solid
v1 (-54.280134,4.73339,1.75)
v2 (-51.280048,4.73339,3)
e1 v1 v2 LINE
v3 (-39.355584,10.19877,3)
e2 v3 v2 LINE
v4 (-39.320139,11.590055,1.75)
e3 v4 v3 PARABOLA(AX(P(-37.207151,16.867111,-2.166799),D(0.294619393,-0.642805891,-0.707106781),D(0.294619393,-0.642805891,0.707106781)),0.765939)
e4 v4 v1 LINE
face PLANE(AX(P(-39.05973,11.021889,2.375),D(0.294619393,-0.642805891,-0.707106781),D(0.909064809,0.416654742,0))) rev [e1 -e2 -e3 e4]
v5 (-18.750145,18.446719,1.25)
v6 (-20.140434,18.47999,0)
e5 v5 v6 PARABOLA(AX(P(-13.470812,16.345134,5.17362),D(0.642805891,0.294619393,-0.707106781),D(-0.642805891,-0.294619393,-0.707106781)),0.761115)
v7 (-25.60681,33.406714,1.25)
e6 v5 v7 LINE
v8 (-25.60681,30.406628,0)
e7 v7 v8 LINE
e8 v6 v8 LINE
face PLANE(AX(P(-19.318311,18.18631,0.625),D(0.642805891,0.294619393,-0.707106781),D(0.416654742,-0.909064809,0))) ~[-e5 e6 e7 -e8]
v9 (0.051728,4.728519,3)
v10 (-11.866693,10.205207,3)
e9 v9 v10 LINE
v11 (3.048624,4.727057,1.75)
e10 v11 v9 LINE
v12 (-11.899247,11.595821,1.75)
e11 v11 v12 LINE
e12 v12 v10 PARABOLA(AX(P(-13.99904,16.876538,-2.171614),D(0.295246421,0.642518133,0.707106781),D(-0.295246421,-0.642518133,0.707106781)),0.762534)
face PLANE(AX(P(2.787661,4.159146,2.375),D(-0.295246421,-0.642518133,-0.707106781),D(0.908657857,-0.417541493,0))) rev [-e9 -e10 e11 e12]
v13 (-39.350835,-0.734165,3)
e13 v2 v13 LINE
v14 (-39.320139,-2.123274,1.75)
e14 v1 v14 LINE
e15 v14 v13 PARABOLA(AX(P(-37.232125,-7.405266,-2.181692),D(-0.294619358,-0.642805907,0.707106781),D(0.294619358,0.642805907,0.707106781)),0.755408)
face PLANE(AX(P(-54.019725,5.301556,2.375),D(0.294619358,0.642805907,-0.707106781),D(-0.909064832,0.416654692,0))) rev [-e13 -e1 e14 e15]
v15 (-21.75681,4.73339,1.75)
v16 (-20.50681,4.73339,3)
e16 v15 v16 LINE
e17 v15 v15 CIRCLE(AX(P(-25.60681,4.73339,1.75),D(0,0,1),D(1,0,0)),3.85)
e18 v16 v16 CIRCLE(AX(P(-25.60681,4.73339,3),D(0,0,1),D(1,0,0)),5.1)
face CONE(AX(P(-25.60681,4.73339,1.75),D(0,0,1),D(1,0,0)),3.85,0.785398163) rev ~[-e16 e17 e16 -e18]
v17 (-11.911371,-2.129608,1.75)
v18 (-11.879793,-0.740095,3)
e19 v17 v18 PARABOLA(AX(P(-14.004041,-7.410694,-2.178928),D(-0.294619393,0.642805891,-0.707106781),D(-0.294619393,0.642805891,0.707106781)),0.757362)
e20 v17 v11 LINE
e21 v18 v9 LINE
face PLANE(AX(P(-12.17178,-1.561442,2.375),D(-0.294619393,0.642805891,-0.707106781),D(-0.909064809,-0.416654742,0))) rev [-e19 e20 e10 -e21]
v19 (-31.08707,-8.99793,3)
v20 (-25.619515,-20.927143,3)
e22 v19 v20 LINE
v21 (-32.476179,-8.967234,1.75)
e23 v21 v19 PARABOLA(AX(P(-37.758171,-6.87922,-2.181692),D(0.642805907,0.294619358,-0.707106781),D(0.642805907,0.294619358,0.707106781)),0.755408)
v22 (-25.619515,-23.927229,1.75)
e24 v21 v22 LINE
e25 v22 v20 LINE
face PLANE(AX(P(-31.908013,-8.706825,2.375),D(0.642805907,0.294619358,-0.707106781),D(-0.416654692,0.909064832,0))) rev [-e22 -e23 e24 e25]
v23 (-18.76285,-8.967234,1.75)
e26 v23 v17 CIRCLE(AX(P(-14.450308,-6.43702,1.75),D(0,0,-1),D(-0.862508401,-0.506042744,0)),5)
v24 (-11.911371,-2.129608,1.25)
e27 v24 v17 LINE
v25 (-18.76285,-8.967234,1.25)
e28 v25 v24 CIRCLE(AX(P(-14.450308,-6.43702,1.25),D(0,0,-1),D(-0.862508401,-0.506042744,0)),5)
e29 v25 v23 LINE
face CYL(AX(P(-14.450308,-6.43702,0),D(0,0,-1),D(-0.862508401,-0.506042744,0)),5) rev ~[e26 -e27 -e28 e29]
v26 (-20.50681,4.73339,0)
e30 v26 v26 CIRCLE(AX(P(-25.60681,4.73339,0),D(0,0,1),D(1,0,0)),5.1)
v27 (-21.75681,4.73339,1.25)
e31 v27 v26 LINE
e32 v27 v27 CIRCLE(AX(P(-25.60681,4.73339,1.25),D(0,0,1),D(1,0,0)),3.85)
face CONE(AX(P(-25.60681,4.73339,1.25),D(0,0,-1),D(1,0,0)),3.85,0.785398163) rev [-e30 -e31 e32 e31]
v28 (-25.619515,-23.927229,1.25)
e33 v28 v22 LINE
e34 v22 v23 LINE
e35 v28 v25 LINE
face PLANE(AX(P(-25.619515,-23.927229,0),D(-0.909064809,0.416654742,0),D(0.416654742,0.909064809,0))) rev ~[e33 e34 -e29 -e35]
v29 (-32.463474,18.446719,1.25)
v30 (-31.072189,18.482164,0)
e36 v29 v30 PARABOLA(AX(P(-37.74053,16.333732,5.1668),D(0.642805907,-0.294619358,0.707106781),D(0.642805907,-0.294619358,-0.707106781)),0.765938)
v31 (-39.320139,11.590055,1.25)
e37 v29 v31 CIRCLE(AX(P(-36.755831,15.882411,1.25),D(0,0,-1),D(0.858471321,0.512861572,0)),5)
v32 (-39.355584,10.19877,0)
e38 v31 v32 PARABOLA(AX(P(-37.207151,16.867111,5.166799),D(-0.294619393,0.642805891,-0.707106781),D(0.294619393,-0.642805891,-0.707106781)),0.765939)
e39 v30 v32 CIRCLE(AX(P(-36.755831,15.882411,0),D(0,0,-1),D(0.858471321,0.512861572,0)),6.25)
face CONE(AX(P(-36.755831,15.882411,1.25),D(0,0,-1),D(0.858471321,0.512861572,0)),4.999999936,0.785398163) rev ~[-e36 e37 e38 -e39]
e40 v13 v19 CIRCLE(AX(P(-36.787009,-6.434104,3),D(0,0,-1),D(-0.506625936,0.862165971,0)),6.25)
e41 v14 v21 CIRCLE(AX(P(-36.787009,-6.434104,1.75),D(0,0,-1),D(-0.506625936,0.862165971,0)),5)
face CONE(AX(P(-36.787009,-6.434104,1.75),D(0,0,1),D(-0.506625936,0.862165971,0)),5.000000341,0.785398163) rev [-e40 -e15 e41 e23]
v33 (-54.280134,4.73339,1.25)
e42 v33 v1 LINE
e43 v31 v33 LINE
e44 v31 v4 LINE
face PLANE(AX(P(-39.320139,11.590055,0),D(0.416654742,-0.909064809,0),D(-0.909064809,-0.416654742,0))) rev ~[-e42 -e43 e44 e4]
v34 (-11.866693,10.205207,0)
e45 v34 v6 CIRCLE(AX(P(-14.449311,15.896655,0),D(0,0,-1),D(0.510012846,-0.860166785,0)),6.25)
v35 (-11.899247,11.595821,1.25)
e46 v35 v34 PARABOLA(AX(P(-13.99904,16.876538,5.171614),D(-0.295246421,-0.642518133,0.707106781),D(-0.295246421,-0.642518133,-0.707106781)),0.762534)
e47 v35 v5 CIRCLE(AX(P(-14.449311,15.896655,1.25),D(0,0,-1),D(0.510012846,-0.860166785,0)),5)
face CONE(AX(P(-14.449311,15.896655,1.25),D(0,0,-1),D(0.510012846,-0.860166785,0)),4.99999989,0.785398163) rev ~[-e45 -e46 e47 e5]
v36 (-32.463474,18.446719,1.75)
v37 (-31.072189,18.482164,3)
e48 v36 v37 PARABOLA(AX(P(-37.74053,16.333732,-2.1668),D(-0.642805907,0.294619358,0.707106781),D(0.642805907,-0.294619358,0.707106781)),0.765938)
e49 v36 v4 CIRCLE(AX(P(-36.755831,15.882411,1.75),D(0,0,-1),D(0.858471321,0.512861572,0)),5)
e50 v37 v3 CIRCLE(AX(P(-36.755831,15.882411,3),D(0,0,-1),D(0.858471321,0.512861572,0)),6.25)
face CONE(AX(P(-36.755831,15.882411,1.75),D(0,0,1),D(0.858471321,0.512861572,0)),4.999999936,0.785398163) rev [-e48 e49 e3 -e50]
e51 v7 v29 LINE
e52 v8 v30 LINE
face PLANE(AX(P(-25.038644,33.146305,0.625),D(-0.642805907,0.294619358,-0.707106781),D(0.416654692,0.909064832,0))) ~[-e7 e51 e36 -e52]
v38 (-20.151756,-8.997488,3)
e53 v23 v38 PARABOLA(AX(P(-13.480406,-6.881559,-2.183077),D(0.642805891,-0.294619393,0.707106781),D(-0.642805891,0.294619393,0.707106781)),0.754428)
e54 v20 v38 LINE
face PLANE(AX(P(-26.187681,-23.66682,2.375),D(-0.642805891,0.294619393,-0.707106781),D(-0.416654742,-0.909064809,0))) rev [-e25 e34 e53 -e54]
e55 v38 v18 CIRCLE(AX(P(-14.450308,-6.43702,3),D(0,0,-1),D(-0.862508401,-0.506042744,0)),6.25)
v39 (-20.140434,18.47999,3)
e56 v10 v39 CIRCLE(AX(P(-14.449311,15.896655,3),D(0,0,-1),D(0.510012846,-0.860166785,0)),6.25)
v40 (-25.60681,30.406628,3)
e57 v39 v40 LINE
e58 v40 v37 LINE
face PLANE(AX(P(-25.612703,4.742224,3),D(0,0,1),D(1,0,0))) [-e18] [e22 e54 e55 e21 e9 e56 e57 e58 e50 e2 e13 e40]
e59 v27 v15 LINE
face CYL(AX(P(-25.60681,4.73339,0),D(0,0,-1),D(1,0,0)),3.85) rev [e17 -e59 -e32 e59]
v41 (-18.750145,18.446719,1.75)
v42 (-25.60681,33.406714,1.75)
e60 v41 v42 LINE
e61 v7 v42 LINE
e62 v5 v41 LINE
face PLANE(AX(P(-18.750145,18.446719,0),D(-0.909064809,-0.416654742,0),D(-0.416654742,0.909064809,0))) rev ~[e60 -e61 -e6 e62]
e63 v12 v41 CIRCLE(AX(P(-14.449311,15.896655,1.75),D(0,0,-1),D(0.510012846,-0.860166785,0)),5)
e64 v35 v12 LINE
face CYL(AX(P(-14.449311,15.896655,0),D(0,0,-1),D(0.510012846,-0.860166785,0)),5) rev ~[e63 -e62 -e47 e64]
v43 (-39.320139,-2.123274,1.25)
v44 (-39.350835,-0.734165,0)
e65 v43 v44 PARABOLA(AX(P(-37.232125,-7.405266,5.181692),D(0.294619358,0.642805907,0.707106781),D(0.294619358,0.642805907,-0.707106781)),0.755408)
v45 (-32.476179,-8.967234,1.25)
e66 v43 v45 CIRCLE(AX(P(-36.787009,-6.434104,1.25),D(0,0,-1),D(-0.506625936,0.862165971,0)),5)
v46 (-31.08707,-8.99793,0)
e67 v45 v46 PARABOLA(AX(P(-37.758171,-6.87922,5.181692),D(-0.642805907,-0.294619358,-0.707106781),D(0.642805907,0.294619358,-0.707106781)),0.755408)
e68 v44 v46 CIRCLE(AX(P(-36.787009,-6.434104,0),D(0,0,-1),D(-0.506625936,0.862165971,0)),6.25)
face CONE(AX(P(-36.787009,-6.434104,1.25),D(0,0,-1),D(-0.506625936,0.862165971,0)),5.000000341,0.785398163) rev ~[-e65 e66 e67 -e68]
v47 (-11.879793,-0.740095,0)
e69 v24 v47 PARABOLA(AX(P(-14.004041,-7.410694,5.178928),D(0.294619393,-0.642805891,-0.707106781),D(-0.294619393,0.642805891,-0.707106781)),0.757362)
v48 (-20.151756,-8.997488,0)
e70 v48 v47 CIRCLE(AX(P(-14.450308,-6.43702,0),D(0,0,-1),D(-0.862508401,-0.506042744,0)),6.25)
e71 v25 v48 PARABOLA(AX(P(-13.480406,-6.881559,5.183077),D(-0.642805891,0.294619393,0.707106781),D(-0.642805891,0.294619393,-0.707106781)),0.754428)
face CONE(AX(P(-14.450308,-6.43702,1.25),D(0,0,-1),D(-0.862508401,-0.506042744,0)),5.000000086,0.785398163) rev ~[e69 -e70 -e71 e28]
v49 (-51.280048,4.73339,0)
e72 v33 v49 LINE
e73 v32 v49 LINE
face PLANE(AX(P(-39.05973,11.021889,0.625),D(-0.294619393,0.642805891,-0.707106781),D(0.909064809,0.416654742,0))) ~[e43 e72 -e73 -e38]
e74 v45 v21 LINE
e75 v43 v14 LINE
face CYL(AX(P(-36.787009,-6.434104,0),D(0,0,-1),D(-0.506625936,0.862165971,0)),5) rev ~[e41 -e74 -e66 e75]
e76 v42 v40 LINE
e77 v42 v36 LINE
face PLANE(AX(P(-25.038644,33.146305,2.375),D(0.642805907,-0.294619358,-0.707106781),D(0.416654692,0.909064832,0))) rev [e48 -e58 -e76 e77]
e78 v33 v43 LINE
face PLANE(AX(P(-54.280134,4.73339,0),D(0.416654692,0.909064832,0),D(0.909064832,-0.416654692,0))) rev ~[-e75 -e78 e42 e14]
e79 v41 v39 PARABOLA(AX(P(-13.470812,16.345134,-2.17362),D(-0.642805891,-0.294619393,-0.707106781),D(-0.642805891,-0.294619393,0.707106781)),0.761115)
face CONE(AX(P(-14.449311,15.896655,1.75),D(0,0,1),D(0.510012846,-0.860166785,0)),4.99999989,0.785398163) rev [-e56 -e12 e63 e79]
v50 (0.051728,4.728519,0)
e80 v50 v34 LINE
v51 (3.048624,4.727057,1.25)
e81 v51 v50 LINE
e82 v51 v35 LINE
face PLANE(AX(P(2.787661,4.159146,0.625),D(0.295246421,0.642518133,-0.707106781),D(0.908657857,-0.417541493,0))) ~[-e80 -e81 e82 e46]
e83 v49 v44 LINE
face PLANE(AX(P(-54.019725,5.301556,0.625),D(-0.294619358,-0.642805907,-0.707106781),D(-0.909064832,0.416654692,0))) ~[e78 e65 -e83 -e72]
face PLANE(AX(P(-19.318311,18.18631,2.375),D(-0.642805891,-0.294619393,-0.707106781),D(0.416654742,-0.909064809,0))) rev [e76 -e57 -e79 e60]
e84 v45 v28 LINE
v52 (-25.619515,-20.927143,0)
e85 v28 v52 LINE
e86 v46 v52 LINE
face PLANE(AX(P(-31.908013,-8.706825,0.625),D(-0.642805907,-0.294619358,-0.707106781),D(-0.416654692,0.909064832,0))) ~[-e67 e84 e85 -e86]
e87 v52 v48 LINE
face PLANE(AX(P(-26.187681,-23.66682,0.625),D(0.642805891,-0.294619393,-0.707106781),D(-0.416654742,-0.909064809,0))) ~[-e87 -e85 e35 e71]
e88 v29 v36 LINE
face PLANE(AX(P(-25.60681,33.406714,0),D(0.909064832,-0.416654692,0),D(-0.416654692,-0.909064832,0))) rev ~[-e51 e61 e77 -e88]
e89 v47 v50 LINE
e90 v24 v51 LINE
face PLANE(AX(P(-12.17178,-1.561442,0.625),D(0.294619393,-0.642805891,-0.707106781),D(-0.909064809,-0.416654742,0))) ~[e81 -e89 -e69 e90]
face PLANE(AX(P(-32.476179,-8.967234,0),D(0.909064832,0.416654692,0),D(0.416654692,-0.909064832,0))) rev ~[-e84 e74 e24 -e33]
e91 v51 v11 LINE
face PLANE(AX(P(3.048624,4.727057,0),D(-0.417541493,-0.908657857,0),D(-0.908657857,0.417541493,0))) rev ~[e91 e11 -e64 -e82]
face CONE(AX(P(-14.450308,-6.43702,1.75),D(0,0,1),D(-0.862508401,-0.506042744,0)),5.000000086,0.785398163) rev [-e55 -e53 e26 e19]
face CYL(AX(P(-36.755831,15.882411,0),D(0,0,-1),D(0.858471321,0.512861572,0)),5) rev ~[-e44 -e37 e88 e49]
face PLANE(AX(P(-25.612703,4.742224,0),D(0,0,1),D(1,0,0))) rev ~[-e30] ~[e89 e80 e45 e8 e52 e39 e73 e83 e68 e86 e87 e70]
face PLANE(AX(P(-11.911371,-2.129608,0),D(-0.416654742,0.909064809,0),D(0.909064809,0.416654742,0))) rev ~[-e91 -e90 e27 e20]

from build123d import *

# Parameters (mm, degrees)
F0_R     = 3.85
F1_DEPTH = 3
F2_SIZE  = 1.25


with BuildPart() as f1:
    # F0 (on Top) → F1 (new body)
    with BuildSketch(Plane.XY):
        with BuildLine():
            Line((-18.750145, 18.446719), (-25.60681, 18.446719))
            Line((-25.60681, 18.446719), (-32.463474, 18.446719))
            ThreePointArc((-32.463474, 18.446719), (-33.220297, 12.346877), (-39.320139, 11.590055))
            Line((-39.320139, 11.590055), (-39.320139, 4.73339))
            Line((-39.320139, 4.73339), (-39.320139, -2.123274))
            ThreePointArc((-39.320139, -2.123274), (-33.251475, -2.89857), (-32.476179, -8.967234))
            Line((-32.476179, -8.967234), (-25.619515, -8.967234))
            Line((-25.619515, -8.967234), (-18.76285, -8.967234))
            ThreePointArc((-18.76285, -8.967234), (-17.982262, -2.89791), (-11.911371, -2.129608))
            Line((-11.911371, -2.129608), (-11.905315, 4.727057))
            Line((-11.905315, 4.727057), (-11.899247, 11.595821))
            ThreePointArc((-11.899247, 11.595821), (-17.984845, 12.361121), (-18.750145, 18.446719))
        make_face()
        with Locations((-25.60681, 4.73339)):
            Circle(F0_R, mode=Mode.SUBTRACT)
        Polygon((-32.463474, 18.446719), (-25.60681, 18.446719), (-25.60681, 33.406714), align=None)
        Polygon((-25.60681, 33.406714), (-25.60681, 18.446719), (-18.750145, 18.446719), align=None)
        Polygon((-39.320139, 4.73339), (-39.320139, 11.590055), (-54.280134, 4.73339), align=None)
        Polygon((-39.320139, 4.73339), (-54.280134, 4.73339), (-39.320139, -2.123274), align=None)
        Polygon((3.048624, 4.727057), (-11.899247, 11.595821), (-11.905315, 4.727057), align=None)
        Polygon((-11.911371, -2.129608), (3.048624, 4.727057), (-11.905315, 4.727057), align=None)
        Polygon((-25.619515, -8.967234), (-32.476179, -8.967234), (-25.619515, -23.927229), align=None)
        Polygon((-25.619515, -8.967234), (-25.619515, -23.927229), (-18.76285, -8.967234), align=None)
    extrude(amount=F1_DEPTH)

    # F2
    f2_edges = [f1.edges().sort_by_distance(p)[0] for p in [
        (-4.425312, 8.161439, 3),
        (-17.984845, 12.361121, 3),
        (-22.178477, 25.926717, 3),
        (-29.035142, 25.926717, 3),
        (-33.220297, 12.346877, 3),
        (-46.800136, 8.161722, 3),
        (-46.800136, 1.305058, 3),
        (-33.251475, -2.89857, 3),
        (-29.047847, -16.447231, 3),
        (-22.191183, -16.447231, 3),
        (-17.982262, -2.89791, 3),
        (-4.431374, 1.298724, 3),
        (-29.45681, 4.73339, 3),
        (-4.425312, 8.161439, 0),
        (-17.984845, 12.361121, 0),
        (-22.178477, 25.926717, 0),
        (-29.035142, 25.926717, 0),
        (-33.220297, 12.346877, 0),
        (-46.800136, 8.161722, 0),
        (-46.800136, 1.305058, 0),
        (-33.251475, -2.89857, 0),
        (-29.047847, -16.447231, 0),
        (-22.191183, -16.447231, 0),
        (-17.982262, -2.89791, 0),
        (-4.431374, 1.298724, 0),
        (-29.45681, 4.73339, 0),
    ]]
    chamfer(f2_edges, length=F2_SIZE)


solid = f1.part
